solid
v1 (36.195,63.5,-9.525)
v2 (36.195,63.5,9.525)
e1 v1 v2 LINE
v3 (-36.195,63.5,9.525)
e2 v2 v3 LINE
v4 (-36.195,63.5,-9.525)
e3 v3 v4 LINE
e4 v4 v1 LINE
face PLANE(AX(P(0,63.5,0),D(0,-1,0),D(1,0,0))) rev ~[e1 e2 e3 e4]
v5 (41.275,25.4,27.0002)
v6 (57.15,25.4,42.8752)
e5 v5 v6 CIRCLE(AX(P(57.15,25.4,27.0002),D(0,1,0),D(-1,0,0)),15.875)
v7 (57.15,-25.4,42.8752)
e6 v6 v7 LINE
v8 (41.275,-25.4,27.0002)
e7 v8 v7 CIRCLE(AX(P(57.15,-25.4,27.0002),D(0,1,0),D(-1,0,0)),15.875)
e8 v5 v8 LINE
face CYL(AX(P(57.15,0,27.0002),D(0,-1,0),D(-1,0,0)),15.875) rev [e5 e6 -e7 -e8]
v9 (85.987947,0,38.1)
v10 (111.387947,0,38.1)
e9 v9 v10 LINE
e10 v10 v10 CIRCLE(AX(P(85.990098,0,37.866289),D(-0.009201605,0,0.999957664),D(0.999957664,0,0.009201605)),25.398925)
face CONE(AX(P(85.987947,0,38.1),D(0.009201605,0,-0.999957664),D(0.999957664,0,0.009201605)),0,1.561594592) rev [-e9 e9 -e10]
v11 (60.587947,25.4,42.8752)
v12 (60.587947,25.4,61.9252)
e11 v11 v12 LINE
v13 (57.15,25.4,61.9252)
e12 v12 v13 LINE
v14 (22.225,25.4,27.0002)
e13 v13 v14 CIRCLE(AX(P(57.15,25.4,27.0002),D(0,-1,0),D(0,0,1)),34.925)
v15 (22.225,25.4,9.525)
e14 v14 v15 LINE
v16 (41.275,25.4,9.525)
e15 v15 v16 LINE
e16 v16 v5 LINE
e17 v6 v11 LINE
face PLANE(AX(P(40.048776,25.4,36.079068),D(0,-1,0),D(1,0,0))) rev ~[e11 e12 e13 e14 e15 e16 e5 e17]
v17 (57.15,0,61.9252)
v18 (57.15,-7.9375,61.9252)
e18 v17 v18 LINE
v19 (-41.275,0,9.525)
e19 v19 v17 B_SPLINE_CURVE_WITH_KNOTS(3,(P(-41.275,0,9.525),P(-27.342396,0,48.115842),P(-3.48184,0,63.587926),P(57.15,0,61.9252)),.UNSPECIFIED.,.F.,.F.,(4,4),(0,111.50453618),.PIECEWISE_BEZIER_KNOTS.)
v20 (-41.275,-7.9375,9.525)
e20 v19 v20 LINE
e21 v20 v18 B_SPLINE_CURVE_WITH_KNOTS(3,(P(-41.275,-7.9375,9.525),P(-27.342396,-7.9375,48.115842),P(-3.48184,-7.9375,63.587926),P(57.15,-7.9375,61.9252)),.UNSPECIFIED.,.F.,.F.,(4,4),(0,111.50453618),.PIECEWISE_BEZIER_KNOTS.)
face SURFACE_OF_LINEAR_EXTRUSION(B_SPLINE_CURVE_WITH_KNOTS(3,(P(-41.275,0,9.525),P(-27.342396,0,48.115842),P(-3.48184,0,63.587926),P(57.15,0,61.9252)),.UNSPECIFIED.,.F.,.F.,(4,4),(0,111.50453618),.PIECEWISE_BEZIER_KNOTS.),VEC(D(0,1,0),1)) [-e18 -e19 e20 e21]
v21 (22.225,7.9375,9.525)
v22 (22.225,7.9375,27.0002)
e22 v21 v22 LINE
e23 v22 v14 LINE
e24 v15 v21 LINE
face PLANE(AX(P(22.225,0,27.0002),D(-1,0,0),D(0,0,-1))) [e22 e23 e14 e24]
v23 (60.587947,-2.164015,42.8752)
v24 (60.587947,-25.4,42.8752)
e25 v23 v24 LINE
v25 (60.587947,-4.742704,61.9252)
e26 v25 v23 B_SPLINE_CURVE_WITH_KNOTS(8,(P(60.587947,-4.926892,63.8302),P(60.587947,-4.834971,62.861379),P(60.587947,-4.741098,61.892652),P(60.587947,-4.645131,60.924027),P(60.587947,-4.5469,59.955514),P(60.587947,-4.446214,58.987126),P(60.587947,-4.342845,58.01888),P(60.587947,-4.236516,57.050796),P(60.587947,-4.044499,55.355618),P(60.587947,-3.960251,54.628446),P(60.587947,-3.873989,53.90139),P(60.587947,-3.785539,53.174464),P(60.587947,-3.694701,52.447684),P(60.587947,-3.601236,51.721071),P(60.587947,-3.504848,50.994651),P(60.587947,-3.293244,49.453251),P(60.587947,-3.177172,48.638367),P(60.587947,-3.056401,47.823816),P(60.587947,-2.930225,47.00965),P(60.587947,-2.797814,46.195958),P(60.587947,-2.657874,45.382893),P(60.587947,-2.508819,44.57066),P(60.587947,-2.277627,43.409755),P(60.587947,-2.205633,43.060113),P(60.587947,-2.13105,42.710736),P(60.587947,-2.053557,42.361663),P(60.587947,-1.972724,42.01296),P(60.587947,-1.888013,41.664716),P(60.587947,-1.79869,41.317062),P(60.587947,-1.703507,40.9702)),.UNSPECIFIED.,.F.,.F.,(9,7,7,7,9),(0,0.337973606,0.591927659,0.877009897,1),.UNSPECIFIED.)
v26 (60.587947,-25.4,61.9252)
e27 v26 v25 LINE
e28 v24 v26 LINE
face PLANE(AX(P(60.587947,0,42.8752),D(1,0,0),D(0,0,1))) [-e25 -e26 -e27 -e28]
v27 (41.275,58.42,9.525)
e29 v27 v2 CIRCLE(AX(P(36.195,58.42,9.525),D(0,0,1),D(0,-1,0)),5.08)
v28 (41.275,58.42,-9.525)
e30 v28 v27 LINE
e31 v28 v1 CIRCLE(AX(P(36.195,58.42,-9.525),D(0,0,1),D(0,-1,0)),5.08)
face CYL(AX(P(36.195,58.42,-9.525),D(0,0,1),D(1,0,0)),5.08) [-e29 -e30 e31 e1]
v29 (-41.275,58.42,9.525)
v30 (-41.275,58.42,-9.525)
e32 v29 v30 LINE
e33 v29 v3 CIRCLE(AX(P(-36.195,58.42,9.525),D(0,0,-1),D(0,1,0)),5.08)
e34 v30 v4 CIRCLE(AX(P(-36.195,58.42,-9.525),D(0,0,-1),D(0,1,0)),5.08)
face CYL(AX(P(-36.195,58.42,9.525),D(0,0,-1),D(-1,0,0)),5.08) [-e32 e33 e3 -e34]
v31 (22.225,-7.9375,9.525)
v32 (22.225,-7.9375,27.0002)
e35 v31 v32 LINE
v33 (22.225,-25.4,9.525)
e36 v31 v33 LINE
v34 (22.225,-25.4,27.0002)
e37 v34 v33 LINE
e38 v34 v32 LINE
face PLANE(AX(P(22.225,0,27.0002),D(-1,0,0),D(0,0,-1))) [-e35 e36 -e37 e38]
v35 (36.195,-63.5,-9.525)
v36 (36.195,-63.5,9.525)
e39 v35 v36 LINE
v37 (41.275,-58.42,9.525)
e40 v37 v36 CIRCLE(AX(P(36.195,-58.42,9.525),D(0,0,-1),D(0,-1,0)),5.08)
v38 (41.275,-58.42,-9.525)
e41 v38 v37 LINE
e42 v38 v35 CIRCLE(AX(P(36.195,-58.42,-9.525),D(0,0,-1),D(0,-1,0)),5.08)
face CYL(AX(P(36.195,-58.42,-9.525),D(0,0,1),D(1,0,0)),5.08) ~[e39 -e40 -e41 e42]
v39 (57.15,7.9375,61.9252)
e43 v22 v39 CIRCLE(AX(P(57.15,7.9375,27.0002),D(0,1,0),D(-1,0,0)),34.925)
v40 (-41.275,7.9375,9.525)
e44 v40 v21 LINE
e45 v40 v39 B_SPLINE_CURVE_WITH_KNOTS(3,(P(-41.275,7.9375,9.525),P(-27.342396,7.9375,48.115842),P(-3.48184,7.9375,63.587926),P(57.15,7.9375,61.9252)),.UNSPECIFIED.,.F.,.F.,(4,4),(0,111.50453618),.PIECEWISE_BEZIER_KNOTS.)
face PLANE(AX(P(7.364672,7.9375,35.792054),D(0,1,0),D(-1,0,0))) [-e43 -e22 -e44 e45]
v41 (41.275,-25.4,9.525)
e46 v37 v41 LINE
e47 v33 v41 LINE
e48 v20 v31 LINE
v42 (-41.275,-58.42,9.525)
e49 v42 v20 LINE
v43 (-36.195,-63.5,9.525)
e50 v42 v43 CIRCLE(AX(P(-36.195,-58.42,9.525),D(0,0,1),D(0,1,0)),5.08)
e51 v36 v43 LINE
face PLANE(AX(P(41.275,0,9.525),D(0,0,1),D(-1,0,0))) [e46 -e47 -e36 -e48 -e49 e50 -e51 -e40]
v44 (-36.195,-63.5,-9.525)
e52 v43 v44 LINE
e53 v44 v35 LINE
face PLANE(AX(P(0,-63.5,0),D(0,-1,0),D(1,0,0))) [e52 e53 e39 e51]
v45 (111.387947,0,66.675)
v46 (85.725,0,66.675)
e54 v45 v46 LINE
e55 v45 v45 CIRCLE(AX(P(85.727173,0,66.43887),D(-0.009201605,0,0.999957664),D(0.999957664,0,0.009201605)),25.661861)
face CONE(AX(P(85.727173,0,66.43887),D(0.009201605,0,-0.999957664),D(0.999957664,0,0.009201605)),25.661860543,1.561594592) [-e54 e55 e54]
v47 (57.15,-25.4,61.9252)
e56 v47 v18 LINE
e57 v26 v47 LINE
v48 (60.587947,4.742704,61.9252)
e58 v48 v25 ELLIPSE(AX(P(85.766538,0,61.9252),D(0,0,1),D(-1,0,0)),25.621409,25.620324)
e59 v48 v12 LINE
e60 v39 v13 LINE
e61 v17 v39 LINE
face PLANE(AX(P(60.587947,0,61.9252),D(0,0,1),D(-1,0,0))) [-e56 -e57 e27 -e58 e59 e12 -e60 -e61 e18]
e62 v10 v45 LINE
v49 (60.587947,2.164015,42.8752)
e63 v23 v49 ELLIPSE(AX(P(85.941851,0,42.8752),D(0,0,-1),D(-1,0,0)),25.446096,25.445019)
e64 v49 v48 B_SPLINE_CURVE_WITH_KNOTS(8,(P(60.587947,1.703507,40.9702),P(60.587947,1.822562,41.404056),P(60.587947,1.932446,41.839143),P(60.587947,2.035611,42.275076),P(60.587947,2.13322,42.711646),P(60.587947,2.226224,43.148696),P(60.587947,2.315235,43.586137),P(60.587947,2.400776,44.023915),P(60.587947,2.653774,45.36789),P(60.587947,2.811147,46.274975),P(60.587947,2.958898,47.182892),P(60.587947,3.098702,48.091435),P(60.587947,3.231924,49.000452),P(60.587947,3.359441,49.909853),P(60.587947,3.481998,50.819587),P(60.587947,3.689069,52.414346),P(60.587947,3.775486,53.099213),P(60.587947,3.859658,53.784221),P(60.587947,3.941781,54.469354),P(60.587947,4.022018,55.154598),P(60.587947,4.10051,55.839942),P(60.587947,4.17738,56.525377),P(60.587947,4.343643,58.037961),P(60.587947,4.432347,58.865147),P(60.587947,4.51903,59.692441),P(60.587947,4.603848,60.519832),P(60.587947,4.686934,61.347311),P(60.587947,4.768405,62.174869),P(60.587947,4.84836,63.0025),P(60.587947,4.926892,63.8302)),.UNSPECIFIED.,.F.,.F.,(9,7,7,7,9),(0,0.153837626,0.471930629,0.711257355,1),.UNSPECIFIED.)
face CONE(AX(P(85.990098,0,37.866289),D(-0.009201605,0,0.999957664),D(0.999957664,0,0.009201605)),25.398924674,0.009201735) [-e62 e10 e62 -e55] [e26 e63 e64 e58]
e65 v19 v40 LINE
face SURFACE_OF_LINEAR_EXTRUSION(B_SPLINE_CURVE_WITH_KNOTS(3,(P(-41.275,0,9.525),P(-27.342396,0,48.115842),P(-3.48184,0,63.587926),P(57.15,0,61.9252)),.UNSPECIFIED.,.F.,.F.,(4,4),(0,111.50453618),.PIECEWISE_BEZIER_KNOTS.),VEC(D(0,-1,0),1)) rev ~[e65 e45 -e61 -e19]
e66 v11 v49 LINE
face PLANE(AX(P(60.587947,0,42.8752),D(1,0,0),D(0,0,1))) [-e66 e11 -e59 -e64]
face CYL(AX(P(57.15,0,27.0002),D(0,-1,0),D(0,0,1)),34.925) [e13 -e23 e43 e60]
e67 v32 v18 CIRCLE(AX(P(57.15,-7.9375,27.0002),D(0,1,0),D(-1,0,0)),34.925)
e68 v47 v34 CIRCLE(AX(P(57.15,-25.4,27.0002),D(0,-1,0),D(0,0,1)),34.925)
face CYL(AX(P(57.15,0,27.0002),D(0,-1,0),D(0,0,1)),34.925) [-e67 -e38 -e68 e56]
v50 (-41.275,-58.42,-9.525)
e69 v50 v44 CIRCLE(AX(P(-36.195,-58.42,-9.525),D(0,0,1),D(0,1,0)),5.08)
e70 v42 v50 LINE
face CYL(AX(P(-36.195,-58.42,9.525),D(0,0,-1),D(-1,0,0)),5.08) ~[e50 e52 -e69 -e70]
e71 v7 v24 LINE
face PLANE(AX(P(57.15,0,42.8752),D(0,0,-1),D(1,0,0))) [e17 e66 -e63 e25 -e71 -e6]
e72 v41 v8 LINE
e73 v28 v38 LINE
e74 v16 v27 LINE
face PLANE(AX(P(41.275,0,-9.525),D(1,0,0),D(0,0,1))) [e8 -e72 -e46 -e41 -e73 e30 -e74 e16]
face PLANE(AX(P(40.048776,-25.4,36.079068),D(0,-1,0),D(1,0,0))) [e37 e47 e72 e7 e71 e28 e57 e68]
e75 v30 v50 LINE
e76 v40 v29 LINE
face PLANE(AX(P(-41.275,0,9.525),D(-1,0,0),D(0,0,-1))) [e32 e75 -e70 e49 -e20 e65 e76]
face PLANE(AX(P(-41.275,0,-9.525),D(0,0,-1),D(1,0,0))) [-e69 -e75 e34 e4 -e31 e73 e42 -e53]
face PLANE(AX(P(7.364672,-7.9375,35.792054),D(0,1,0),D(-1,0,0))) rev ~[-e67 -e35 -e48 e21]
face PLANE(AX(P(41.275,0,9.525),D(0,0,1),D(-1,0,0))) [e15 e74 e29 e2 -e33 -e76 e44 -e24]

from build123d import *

# Parameters (mm, degrees)
F1_DEPTH = 63.5
F2_DEPTH = 25.4
F3_DEPTH = 7.9375
F5_R     = 5.08


with BuildPart() as f1:
    # F0 (on Front) → F1 (new body, symmetric)
    with BuildSketch(Plane.XZ):
        Polygon((22.2249999642, 9.525), (-41.275, 9.525), (-41.275, -9.525), (41.275, -9.525), (41.275, 9.525), align=None)
    extrude(amount=F1_DEPTH, both=True)

    # F0 (on Front) → F2 (join, symmetric)
    with BuildSketch(Plane.XZ):
        with BuildLine():
            Line((22.2249999642, 27.0002), (22.2249999642, 9.525))
            Line((22.2249999642, 9.525), (41.275, 9.525))
            Line((41.275, 9.525), (41.275, 27.0002))
            ThreePointArc((41.275, 27.0002), (45.9246798487, 38.2255201513), (57.15, 42.8752))
            Line((57.15, 42.8752), (60.587947001, 42.8752))
            Line((60.587947001, 42.8752), (60.587947001, 61.9252000358))
            Line((60.587947001, 61.9252000358), (57.15, 61.9252000358))
            ThreePointArc((57.15, 61.9252000358), (32.4542956418, 51.6959043582), (22.2249999642, 27.0002))
        make_face()
    extrude(amount=F2_DEPTH, both=True)

    # F0 (on Front) → F3 (join, symmetric)
    with BuildSketch(Plane.XZ):
        with BuildLine():
            add(Edge.make_bspline(
                [(-41.275, 9.525), (-27.342395857, 48.1158420444), (-3.4818400163, 63.5879263282), (57.15, 61.9252000358)],
                knots=[0, 0, 0, 0, 111.5045361803, 111.5045361803, 111.5045361803, 111.5045361803], degree=3))
            Line((-41.275, 9.525), (22.2249999642, 9.525))
            Line((22.2249999642, 9.525), (22.2249999642, 27.0002))
            ThreePointArc((22.2249999642, 27.0002), (32.4542956418, 51.6959043582), (57.15, 61.9252000358))
        make_face()
    extrude(amount=F3_DEPTH, both=True)

    # F0 (on Front) → F4 (revolve)
    with BuildSketch(Plane.XZ):
        Polygon((111.387947001, 66.675), (85.725, 66.675), (85.987947001, 38.1), (111.387947001, 38.1), align=None)
    revolve(axis=Axis((85.8564735005, 0, 52.3875), (-0.0092016052, 0, 0.9999576643)))

    # F5
    f5_edges = [f1.edges().sort_by_distance(p)[0] for p in [
        (41.275, -63.5, 0),
        (-41.275, -63.5, 0),
        (41.275, 63.5, 0),
        (-41.275, 63.5, 0),
    ]]
    fillet(f5_edges, radius=F5_R)


solid = f1.part
